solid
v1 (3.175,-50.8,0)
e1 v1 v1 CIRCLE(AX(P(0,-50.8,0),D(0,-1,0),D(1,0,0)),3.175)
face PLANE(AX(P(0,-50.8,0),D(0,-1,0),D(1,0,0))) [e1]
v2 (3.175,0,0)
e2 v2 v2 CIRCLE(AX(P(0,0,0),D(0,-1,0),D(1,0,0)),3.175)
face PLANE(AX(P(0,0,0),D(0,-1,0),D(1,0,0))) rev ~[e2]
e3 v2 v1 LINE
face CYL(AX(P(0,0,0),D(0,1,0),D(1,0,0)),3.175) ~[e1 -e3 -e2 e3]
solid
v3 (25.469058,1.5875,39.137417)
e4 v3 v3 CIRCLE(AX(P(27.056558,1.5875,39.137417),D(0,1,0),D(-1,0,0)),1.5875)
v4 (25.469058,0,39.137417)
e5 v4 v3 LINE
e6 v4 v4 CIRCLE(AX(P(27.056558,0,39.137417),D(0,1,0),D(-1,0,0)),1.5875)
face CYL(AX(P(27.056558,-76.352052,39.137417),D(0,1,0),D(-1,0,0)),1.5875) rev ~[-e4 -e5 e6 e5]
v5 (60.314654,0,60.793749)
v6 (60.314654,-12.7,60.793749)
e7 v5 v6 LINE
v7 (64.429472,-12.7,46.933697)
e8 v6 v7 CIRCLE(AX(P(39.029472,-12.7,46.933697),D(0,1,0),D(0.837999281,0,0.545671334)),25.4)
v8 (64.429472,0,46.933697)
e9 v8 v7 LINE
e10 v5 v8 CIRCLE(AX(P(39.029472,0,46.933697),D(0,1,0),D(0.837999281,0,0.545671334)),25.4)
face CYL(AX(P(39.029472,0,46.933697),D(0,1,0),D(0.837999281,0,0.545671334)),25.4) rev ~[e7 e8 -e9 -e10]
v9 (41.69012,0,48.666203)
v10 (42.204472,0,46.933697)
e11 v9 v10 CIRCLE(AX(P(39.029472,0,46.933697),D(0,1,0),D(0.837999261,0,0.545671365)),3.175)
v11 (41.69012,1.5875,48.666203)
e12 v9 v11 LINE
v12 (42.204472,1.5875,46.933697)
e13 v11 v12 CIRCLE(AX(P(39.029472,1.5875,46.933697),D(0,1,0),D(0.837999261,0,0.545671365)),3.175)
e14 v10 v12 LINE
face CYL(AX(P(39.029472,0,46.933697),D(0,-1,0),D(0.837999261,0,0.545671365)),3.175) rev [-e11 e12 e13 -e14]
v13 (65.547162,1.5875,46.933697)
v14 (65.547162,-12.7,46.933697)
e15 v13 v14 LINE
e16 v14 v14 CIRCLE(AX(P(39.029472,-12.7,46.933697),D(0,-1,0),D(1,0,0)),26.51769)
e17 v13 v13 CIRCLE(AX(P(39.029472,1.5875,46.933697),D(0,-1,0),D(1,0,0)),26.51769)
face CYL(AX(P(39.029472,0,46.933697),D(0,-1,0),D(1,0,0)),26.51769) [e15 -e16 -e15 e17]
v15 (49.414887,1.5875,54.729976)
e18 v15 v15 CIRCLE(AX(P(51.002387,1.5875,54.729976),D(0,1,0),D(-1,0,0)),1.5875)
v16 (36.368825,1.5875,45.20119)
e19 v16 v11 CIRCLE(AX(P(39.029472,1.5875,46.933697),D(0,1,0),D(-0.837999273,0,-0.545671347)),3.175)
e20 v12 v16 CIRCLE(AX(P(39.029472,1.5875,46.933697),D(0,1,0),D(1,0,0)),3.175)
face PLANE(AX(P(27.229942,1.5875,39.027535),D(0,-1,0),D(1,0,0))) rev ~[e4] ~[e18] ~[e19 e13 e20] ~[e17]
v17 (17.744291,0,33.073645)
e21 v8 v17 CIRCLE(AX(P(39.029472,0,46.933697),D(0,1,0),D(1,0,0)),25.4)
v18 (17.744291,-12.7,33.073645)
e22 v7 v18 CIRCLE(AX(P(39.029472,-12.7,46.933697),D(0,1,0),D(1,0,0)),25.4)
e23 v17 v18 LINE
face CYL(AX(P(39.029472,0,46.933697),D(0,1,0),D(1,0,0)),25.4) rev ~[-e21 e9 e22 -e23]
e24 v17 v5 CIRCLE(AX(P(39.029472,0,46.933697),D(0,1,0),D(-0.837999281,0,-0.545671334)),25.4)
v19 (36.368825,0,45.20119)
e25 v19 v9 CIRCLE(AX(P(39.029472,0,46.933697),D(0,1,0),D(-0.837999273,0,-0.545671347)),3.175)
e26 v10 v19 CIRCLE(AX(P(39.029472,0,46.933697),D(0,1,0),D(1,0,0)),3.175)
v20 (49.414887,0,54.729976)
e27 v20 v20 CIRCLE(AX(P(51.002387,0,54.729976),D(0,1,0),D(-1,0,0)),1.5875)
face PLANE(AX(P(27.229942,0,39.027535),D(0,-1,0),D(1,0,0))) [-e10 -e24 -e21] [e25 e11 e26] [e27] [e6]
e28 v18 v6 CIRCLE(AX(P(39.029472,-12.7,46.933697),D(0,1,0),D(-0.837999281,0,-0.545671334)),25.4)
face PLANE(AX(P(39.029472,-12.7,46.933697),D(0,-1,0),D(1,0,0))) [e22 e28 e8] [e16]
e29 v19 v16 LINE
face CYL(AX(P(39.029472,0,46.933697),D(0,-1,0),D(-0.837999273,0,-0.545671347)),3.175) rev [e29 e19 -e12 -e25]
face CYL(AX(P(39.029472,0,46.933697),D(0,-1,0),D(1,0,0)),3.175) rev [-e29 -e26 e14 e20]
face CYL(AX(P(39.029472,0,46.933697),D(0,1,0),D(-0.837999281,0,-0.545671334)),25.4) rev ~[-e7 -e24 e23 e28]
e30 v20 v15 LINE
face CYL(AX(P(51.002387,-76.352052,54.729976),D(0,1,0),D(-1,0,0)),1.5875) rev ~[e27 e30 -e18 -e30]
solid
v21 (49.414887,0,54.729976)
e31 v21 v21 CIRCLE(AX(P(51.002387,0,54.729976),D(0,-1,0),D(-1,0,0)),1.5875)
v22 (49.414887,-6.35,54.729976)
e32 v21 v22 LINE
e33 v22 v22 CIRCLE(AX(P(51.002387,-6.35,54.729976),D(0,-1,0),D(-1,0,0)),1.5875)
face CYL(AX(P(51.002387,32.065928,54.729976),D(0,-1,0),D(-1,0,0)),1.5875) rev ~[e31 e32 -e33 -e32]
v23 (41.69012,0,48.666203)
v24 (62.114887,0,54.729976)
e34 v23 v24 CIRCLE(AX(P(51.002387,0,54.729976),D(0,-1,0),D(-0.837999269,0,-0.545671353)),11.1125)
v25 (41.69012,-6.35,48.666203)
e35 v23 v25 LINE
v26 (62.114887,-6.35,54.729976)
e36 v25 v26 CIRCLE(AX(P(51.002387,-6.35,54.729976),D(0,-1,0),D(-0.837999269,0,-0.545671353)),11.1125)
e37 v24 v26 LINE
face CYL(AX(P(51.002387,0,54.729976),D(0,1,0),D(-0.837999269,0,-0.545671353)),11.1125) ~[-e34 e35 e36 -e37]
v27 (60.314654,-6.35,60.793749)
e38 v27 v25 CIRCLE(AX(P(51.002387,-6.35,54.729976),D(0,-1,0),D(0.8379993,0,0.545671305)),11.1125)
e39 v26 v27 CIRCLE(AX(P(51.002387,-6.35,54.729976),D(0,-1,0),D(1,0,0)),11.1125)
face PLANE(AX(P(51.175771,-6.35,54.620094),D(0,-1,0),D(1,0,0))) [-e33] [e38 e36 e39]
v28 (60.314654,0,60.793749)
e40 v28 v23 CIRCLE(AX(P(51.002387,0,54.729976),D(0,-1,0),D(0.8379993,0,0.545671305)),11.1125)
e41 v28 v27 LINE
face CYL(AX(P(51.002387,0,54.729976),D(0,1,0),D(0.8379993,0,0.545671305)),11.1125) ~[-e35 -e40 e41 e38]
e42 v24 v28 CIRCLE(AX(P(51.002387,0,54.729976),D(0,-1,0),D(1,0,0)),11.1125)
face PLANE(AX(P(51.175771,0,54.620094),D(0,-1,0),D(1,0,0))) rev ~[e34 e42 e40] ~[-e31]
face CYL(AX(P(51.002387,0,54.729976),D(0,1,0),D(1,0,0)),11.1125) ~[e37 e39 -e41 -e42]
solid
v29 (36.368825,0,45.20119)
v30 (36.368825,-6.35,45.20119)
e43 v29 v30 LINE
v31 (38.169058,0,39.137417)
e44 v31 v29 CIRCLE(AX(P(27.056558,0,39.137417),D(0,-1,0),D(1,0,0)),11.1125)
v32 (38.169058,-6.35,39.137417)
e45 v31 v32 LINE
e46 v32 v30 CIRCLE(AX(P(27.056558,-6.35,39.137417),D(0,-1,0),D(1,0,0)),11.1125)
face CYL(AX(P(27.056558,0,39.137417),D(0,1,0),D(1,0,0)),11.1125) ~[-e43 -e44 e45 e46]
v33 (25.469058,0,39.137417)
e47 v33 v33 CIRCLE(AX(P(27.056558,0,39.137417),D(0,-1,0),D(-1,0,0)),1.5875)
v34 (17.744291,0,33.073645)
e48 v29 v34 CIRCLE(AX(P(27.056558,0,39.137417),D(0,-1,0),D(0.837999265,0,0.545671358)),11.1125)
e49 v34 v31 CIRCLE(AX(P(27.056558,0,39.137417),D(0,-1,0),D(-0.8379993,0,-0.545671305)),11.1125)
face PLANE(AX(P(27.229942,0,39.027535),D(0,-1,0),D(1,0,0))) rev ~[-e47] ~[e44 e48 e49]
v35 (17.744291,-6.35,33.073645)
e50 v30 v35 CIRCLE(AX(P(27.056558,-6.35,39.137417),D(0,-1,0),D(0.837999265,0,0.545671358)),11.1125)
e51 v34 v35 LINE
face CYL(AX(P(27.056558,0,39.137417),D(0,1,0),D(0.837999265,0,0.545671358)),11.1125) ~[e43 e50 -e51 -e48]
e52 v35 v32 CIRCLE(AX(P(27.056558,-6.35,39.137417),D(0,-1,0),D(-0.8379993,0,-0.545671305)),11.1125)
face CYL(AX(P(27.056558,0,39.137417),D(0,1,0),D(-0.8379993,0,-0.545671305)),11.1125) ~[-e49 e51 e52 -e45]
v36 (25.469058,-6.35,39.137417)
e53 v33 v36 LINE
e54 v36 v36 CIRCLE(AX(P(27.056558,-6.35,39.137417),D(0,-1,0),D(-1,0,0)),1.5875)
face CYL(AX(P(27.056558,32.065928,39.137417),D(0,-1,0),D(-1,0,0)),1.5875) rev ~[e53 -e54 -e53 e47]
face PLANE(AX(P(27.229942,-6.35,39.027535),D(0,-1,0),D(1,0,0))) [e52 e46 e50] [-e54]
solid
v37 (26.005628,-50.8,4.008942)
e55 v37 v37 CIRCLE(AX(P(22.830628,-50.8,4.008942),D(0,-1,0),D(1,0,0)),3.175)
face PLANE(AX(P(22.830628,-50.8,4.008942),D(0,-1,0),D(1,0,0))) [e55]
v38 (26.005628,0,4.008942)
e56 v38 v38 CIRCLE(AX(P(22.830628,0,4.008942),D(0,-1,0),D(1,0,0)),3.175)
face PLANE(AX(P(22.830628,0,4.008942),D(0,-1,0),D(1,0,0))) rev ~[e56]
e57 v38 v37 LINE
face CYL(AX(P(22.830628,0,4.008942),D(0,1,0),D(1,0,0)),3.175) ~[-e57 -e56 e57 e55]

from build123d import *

# Parameters (mm, degrees)
F0_R     = 3.175
F1_DEPTH = 50.8
F2_DEPTH = 50.8
F3_R     = 26.5176901182
F4_DEPTH = 12.7
F5_DEPTH = 1.5875
F6_DEPTH = 1.5875
F7_DEPTH = 6.35
F8_D     = 3.175
F8_2_D   = 3.175
F9_D     = 3.175


with BuildPart() as f1:
    # F0 (on Front) → F1 (new body)
    with BuildSketch(Plane.XZ):
        Circle(F0_R)
    extrude(amount=F1_DEPTH)


with BuildPart() as f2:
    # F0 (on Front) → F2 (new body)
    with BuildSketch(Plane.XZ):
        with Locations((22.8306278586, 4.0089422837)):
            Circle(F0_R)
    extrude(amount=F2_DEPTH)


with BuildPart() as f4:
    # F3 (on Front) → F4 (new body)
    with BuildSketch(Plane.XZ):
        with Locations((39.0294722857, 46.9336968206)):
            Circle(F3_R)
        with BuildLine():
            ThreePointArc((60.314654032, 60.7937486974), (63.3790473986, 54.162679586), (64.4294722857, 46.9336968206))
            ThreePointArc((64.4294722857, 46.9336968206), (46.2584550511, 22.5841217077), (17.7442905394, 33.0736449439))
            ThreePointArc((17.7442905394, 33.0736449439), (25.169420409, 68.2188785669), (60.314654032, 60.7937486974))
        make_face(mode=Mode.SUBTRACT)
    extrude(amount=F4_DEPTH)

    # F3 (on Front) → F5 (join)
    with BuildSketch(Plane.XZ):
        with Locations((39.0294722857, 46.9336968206)):
            Circle(F3_R)
        with BuildLine():
            ThreePointArc((60.314654032, 60.7937486974), (63.3790473986, 54.162679586), (64.4294722857, 46.9336968206))
            ThreePointArc((64.4294722857, 46.9336968206), (46.2584550511, 22.5841217077), (17.7442905394, 33.0736449439))
            ThreePointArc((17.7442905394, 33.0736449439), (25.169420409, 68.2188785669), (60.314654032, 60.7937486974))
        make_face(mode=Mode.SUBTRACT)
    extrude(amount=-F5_DEPTH)

    # F3 (on Front) → F6 (join)
    with BuildSketch(Plane.XZ):
        with BuildLine():
            ThreePointArc((36.3688245948, 45.2011902941), (20.9927850841, 48.4496843517), (17.7442905394, 33.0736449439))
            ThreePointArc((17.7442905394, 33.0736449439), (30.2192375383, 28.4844781585), (38.1690577592, 39.137417324))
            ThreePointArc((38.1690577592, 39.137417324), (37.7094968245, 42.3000974406), (36.3688245948, 45.2011902941))
        make_face()
        with BuildLine():
            ThreePointArc((62.1148868123, 54.7299763172), (61.6553259779, 57.8926560964), (60.314654032, 60.7937486974))
            ThreePointArc((60.314654032, 60.7937486974), (44.9386141663, 64.0422433638), (41.6901199388, 48.6662034053))
            ThreePointArc((41.6901199388, 48.6662034053), (54.1650668956, 44.077037242), (62.1148868123, 54.7299763172))
        make_face()
        with BuildLine():
            ThreePointArc((17.7442905394, 33.0736449439), (46.2584550511, 22.5841217077), (64.4294722857, 46.9336968206))
            ThreePointArc((64.4294722857, 46.9336968206), (63.3790473986, 54.162679586), (60.314654032, 60.7937486974))
            ThreePointArc((60.314654032, 60.7937486974), (61.6553259779, 57.8926560964), (62.1148868123, 54.7299763172))
            ThreePointArc((62.1148868123, 54.7299763172), (54.1650668956, 44.077037242), (41.6901199388, 48.6662034053))
            ThreePointArc((41.6901199388, 48.6662034053), (42.0731691578, 47.8373197236), (42.2044722857, 46.9336968206))
            ThreePointArc((42.2044722857, 46.9336968206), (39.9330951554, 43.8899999386), (36.3688245948, 45.2011902941))
            ThreePointArc((36.3688245948, 45.2011902941), (37.7094968245, 42.3000974406), (38.1690577592, 39.137417324))
            ThreePointArc((38.1690577592, 39.137417324), (30.2192375383, 28.4844781585), (17.7442905394, 33.0736449439))
        make_face()
        with BuildLine():
            ThreePointArc((41.6901199388, 48.6662034053), (44.9386141663, 64.0422433638), (60.314654032, 60.7937486974))
            ThreePointArc((60.314654032, 60.7937486974), (25.169420409, 68.2188785669), (17.7442905394, 33.0736449439))
            ThreePointArc((17.7442905394, 33.0736449439), (20.9927850841, 48.4496843517), (36.3688245948, 45.2011902941))
            ThreePointArc((36.3688245948, 45.2011902941), (37.2969657301, 49.5943444927), (41.6901199388, 48.6662034053))
        make_face()
    extrude(amount=-F6_DEPTH)

    # F9 (through all)
    with Locations(Plane.XZ):
        with Locations((51.0023868123, 54.7299763172), (27.0565577592, 39.137417324)):
            Hole(F9_D / 2)


with BuildPart() as f7:
    # F3 (on Front) → F7 (new body)
    with BuildSketch(Plane.XZ):
        with BuildLine():
            ThreePointArc((62.1148868123, 54.7299763172), (61.6553259779, 57.8926560964), (60.314654032, 60.7937486974))
            ThreePointArc((60.314654032, 60.7937486974), (44.9386141663, 64.0422433638), (41.6901199388, 48.6662034053))
            ThreePointArc((41.6901199388, 48.6662034053), (54.1650668956, 44.077037242), (62.1148868123, 54.7299763172))
        make_face()
    extrude(amount=F7_DEPTH)

    # F8 (through all)
    with Locations(Plane(origin=(0, 0, 0), x_dir=(1, 0, 0), z_dir=(0, 1, 0))):
        with Locations((27.0565577592, -39.137417324), (51.0023868123, -54.7299763172)):
            Hole(F8_D / 2)


with BuildPart() as f7b:
    # F3 (on Front) → F7, piece 2 (new body)
    with BuildSketch(Plane.XZ):
        with BuildLine():
            ThreePointArc((36.3688245948, 45.2011902941), (20.9927850841, 48.4496843517), (17.7442905394, 33.0736449439))
            ThreePointArc((17.7442905394, 33.0736449439), (30.2192375383, 28.4844781585), (38.1690577592, 39.137417324))
            ThreePointArc((38.1690577592, 39.137417324), (37.7094968245, 42.3000974406), (36.3688245948, 45.2011902941))
        make_face()
    extrude(amount=F7_DEPTH)

    # F8#2 (through all)
    with Locations(Plane(origin=(0, 0, 0), x_dir=(1, 0, 0), z_dir=(0, 1, 0))):
        with Locations((27.0565577592, -39.137417324), (51.0023868123, -54.7299763172)):
            Hole(F8_2_D / 2)


solid = Compound([f1.part, f2.part, f4.part, f7.part, f7b.part])
